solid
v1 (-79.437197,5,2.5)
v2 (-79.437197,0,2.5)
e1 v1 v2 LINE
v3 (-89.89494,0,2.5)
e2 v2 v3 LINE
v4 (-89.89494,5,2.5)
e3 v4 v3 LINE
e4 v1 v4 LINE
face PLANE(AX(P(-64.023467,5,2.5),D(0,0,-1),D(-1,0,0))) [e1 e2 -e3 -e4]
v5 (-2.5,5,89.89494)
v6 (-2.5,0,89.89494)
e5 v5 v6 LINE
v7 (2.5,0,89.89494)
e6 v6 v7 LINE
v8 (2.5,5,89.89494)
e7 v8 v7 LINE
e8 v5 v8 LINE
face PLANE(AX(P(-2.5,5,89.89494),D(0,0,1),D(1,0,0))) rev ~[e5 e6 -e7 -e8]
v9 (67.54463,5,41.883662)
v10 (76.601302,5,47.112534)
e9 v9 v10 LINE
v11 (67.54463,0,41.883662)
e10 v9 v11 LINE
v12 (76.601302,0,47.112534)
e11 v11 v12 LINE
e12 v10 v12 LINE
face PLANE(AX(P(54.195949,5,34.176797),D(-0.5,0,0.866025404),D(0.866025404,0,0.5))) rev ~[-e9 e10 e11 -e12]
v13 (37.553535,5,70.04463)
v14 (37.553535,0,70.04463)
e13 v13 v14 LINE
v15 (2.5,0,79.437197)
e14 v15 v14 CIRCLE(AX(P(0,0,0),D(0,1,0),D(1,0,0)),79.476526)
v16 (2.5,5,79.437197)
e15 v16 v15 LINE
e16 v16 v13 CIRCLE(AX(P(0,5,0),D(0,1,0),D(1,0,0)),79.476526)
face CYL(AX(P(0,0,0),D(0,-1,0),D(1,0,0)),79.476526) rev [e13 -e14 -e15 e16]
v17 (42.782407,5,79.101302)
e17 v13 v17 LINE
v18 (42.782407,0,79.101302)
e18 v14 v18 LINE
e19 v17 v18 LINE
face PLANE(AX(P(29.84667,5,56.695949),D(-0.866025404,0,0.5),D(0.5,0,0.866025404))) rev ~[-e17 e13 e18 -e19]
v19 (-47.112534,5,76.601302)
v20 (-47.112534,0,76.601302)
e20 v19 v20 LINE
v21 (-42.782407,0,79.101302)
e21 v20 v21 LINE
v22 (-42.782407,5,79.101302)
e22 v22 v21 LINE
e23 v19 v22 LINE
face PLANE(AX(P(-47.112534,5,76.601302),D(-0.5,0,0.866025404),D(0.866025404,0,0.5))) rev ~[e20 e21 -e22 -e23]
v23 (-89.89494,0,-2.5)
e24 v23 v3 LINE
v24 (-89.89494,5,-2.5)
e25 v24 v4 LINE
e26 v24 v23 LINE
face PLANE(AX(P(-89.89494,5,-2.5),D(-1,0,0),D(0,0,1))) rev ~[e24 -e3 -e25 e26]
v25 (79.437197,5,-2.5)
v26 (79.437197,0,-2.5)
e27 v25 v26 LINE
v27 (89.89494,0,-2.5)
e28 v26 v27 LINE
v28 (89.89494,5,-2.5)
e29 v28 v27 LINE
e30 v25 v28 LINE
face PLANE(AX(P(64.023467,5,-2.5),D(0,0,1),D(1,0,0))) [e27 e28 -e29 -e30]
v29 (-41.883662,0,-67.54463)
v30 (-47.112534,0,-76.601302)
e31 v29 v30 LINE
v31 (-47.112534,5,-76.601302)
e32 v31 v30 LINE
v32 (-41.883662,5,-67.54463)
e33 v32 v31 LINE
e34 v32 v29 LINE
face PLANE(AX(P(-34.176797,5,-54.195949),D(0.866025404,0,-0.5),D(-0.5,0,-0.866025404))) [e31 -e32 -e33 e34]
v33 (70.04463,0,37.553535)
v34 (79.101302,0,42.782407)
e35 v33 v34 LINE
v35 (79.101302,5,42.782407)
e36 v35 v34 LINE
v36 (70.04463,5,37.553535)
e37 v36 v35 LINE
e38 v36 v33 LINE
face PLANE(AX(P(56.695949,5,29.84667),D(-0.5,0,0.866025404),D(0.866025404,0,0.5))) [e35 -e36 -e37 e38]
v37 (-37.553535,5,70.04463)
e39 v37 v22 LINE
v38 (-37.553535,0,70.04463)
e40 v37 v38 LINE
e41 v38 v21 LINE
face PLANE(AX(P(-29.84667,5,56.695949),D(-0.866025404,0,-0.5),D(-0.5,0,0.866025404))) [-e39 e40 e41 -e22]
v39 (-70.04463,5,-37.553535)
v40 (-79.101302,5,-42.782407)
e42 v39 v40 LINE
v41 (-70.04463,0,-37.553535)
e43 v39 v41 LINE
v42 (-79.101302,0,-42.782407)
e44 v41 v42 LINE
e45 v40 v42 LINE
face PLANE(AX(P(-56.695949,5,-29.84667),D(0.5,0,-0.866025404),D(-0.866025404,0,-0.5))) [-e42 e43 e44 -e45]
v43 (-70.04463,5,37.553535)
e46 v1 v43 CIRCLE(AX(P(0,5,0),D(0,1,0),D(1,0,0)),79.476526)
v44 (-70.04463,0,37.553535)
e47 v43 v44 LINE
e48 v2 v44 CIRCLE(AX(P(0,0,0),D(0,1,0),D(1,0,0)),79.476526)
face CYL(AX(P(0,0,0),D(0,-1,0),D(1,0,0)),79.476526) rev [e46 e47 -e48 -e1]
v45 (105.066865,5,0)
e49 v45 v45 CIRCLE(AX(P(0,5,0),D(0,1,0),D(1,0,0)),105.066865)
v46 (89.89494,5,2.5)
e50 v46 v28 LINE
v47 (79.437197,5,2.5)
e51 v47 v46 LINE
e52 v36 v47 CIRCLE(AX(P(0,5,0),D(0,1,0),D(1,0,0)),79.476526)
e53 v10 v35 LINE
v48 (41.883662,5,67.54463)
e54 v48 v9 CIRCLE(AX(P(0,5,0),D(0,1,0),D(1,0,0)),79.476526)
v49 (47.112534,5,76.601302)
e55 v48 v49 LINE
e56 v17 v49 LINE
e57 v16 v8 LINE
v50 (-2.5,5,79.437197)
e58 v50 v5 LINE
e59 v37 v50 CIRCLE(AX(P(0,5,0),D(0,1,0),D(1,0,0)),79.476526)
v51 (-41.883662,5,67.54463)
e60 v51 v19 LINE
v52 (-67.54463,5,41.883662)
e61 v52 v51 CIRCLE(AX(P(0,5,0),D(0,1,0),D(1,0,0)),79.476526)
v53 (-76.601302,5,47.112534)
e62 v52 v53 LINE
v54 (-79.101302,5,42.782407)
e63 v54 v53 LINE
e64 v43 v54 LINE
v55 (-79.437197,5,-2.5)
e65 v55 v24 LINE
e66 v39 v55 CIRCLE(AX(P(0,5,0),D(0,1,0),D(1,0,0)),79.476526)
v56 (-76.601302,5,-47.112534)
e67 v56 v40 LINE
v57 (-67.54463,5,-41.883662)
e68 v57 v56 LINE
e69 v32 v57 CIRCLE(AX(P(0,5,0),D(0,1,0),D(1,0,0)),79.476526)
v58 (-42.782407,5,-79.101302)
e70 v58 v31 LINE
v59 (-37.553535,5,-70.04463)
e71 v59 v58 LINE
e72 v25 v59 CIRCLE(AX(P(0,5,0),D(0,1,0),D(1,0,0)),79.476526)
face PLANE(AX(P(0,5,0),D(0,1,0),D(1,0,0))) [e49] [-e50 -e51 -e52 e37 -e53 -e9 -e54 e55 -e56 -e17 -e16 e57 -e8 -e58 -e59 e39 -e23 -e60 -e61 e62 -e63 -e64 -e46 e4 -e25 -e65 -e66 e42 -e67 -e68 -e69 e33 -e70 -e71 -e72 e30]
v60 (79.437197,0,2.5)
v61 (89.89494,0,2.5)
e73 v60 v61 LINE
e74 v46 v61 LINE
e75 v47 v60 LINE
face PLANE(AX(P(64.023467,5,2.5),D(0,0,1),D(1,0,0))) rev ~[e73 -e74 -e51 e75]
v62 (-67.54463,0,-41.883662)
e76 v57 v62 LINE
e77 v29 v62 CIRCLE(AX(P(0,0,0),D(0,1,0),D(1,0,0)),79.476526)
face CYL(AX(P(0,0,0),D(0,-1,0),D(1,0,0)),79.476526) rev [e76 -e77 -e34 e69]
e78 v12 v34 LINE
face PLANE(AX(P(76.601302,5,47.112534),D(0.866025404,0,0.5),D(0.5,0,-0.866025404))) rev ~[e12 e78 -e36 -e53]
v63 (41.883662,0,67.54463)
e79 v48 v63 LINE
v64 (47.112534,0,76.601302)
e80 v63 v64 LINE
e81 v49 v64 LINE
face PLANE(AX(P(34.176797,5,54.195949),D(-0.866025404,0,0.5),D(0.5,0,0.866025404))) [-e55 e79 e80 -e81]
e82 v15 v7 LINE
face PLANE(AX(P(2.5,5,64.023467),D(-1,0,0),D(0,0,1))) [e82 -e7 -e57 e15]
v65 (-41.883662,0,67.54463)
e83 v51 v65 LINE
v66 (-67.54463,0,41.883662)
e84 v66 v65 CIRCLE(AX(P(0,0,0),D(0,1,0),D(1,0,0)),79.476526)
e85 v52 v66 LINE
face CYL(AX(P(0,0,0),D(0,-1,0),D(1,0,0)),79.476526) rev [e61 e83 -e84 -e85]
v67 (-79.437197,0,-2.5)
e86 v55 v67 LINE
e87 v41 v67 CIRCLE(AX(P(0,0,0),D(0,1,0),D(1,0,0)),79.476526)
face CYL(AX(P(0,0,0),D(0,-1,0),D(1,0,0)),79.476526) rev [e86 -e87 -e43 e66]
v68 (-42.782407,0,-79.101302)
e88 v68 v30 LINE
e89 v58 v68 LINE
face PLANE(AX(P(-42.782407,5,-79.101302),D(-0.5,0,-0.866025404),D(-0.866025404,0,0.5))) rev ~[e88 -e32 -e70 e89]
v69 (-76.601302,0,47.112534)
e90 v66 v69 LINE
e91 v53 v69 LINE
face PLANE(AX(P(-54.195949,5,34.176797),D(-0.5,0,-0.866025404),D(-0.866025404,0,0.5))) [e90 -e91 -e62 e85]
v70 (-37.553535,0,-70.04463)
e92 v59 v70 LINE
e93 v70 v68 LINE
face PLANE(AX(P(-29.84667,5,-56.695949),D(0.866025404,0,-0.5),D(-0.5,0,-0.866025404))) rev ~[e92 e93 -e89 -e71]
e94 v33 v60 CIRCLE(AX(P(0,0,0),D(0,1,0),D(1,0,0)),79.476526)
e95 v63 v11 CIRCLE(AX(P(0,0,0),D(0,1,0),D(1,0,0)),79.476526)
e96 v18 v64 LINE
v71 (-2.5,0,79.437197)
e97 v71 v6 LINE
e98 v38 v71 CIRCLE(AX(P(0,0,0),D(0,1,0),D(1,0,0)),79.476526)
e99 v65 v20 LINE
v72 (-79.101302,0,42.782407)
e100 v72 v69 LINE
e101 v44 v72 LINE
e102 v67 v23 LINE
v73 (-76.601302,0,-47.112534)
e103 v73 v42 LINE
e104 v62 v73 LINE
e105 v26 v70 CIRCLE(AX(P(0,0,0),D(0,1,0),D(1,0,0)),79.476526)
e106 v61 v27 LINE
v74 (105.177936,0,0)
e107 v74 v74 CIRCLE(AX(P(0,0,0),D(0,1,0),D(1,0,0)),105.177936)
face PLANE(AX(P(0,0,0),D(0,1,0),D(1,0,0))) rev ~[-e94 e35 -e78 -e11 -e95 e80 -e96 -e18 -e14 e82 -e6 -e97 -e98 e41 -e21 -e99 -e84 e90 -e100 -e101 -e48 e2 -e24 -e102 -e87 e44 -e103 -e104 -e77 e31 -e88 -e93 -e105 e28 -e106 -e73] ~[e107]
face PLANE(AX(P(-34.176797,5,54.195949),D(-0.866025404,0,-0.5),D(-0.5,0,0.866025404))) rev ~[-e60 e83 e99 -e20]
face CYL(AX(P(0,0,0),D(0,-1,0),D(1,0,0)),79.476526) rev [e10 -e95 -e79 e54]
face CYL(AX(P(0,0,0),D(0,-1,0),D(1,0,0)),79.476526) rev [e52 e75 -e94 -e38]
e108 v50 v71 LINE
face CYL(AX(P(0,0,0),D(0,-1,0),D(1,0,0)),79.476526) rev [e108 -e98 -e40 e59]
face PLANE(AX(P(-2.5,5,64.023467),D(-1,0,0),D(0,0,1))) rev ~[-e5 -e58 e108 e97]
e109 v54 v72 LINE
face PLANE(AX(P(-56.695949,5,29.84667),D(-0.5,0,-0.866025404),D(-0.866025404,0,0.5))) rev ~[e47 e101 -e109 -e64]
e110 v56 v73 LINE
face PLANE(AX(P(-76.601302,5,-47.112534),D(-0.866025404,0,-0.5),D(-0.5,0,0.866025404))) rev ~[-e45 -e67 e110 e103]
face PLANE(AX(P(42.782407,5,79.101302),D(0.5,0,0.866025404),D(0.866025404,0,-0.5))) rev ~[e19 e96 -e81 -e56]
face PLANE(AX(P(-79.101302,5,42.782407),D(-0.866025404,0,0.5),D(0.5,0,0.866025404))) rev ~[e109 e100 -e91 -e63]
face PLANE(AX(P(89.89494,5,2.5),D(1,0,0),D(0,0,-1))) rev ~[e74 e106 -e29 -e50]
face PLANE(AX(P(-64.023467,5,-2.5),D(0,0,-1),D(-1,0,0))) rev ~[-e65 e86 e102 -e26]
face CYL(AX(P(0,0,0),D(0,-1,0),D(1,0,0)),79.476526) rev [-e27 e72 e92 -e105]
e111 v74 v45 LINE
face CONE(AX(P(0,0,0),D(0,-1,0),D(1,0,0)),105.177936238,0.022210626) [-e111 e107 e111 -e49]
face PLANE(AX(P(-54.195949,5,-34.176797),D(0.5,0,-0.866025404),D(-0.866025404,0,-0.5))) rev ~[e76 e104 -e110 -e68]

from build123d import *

# Parameters (mm, degrees)
SKETCH1_R           = 105.177936238
SKETCH1_R_2         = 79.476526286
BOSS_EXTRUDE1_DEPTH = 5
SKETCH3_W           = 25.87147266
SKETCH3_H           = 5
CUT_EXTRUDE1_DEPTH  = 5
CIRPATTERN1_COUNT   = 9
CIRPATTERN1_ANGLE   = 240


with BuildPart() as part:
    # Sketch1 → Boss-Extrude1 (new body)
    with BuildSketch(Plane(origin=(0, 0, 0), x_dir=(1, 0, 0), z_dir=(0, 1, 0))):
        Circle(SKETCH1_R)
        Circle(SKETCH1_R_2, mode=Mode.SUBTRACT)
    extrude(amount=BOSS_EXTRUDE1_DEPTH)

    # Sketch2 → Cut-Revolve1 (revolve, cut)
    with BuildSketch(Plane.XY):
        Polygon((105.177936238, 0), (105.037977295, 6.300404607), (110.743312601, 6.300404607), (110.743312601, 0), align=None)
    revolve(axis=Axis((0, 0, 0), (0, 1, 0)), mode=Mode.SUBTRACT)

    # Sketch3 → Cut-Extrude1 (cut)
    with BuildSketch(Plane(origin=(0, 5, 0), x_dir=(1, 0, 0), z_dir=(0, 1, 0))):
        with Locations((76.959203751, 0)):
            Rectangle(SKETCH3_W, SKETCH3_H)
    cut_extrude1 = extrude(amount=-CUT_EXTRUDE1_DEPTH, mode=Mode.SUBTRACT)

    # CirPattern1: Cut-Extrude1 ×9 about axis
    cirpattern1_axis = Axis((0, 0, 0), (0, -1, 0))
    for i in range(1, CIRPATTERN1_COUNT):
        add(cut_extrude1.rotate(cirpattern1_axis, i * CIRPATTERN1_ANGLE / (CIRPATTERN1_COUNT - 1)), mode=Mode.SUBTRACT)


solid = part.part
